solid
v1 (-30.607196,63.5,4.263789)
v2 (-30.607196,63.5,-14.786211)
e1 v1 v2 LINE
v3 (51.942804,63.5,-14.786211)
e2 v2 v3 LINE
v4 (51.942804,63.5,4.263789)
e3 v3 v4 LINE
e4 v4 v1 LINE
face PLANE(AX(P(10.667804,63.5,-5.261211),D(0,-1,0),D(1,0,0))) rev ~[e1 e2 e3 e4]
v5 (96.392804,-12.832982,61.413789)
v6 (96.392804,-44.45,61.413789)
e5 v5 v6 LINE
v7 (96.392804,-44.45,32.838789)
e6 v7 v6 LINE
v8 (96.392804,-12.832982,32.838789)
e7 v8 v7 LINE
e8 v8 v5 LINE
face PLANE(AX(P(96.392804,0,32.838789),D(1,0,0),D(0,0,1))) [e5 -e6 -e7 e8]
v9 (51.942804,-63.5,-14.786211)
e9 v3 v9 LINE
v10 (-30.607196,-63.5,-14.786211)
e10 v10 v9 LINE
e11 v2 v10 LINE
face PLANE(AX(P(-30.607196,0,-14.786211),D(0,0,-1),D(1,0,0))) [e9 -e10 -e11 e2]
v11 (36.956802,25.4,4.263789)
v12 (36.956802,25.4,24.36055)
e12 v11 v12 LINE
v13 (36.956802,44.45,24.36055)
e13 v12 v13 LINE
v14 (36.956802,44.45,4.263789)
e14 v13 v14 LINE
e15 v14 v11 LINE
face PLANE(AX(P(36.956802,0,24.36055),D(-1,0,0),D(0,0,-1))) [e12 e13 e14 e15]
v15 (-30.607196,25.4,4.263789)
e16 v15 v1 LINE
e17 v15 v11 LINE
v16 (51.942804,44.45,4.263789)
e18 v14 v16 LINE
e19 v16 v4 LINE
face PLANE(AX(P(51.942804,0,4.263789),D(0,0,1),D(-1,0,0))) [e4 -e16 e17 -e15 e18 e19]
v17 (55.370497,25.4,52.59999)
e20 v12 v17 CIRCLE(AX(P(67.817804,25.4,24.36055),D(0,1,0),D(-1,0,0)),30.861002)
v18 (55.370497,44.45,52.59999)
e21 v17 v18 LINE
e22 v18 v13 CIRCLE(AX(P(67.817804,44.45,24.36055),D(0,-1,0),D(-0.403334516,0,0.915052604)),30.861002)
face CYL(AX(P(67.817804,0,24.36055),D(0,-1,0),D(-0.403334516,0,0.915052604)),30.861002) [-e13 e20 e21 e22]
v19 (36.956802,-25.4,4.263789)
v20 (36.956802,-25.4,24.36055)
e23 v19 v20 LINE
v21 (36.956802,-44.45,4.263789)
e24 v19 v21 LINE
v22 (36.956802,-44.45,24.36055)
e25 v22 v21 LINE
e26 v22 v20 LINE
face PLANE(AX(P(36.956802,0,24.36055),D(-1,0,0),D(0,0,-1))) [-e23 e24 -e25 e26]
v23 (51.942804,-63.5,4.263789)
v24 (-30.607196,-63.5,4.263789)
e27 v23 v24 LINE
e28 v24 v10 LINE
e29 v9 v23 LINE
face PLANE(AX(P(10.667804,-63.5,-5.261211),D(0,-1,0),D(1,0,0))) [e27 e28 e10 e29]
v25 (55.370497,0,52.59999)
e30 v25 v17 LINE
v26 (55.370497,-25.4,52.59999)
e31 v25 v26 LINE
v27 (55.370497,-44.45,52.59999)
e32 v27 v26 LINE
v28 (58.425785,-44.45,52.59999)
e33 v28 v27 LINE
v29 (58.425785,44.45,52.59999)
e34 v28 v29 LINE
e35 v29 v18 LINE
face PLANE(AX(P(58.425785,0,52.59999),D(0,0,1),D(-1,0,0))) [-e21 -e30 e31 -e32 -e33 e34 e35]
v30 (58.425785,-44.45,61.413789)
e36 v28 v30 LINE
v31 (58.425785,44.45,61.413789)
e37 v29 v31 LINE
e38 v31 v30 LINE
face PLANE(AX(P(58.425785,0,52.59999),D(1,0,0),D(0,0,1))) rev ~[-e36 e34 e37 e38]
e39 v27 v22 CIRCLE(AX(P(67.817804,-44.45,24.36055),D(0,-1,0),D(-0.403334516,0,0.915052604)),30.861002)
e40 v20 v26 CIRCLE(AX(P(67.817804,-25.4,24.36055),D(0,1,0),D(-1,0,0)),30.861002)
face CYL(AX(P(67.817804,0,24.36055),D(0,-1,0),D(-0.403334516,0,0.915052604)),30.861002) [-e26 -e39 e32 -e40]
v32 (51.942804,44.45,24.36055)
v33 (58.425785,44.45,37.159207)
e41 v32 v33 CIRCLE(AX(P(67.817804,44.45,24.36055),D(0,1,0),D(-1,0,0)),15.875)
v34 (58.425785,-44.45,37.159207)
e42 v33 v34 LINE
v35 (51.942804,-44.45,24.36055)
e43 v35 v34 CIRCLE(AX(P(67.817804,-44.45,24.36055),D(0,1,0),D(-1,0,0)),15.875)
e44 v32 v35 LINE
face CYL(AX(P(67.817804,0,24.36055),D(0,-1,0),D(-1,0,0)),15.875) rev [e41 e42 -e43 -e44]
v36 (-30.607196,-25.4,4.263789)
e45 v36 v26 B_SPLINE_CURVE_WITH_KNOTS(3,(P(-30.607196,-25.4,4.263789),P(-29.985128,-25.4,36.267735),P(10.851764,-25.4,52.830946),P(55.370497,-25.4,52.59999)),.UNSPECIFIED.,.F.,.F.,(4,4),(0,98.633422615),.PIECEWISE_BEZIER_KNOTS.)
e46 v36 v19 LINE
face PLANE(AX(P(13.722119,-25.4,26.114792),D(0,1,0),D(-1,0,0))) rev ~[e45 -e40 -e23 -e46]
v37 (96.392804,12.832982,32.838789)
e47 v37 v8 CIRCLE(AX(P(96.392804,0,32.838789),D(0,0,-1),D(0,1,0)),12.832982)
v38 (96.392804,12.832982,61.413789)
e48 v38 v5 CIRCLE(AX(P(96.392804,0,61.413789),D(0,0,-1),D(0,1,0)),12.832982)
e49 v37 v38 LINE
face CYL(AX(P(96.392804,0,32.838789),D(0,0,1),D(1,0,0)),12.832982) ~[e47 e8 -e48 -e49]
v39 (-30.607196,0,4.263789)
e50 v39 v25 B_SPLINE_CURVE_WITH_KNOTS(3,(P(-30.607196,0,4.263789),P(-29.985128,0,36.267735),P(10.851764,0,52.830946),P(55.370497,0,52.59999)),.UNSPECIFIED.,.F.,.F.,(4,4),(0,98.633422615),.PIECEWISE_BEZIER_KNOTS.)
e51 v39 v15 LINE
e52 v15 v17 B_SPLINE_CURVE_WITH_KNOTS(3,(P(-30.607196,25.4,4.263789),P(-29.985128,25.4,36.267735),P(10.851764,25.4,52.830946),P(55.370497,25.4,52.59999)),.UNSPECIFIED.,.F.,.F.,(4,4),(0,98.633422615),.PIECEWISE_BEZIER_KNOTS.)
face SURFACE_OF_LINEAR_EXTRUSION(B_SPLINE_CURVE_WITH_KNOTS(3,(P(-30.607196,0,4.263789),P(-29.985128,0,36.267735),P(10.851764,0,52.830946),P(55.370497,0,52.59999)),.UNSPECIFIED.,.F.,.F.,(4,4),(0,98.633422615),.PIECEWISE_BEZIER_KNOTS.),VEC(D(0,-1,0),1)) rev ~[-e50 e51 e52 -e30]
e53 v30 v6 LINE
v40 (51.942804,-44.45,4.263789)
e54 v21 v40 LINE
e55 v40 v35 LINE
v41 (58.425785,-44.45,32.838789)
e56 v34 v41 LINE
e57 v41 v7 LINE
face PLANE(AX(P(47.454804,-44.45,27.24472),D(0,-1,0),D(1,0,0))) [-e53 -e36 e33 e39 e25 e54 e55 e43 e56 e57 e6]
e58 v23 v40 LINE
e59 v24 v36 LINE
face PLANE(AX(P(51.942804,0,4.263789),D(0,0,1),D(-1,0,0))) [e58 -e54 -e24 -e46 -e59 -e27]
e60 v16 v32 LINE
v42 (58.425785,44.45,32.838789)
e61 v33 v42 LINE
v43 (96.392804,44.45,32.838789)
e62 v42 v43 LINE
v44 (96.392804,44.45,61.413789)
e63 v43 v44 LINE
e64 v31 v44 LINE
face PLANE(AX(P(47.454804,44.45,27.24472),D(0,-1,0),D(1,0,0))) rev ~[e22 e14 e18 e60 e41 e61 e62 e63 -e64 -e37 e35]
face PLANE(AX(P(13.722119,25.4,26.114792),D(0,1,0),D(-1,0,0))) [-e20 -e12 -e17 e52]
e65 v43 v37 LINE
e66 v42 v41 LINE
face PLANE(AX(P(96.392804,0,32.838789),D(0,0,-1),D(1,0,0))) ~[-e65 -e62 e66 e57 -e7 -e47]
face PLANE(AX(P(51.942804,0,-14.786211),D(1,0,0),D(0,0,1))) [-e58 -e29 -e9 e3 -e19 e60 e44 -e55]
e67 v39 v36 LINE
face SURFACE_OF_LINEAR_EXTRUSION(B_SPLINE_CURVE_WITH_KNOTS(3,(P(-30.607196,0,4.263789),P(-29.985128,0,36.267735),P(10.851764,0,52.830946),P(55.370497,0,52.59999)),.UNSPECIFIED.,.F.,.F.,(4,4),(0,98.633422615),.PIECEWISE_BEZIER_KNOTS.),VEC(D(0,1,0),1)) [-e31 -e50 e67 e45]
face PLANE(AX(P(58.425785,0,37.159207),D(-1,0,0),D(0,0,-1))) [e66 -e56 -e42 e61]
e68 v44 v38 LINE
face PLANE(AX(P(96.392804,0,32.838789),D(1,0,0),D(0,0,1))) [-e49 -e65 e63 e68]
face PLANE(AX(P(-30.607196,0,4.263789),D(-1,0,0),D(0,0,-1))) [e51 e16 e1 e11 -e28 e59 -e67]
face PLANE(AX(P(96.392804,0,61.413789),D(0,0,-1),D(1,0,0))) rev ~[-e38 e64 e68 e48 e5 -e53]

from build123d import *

# Parameters (mm, degrees)
F1_DEPTH = 63.5
F2_DEPTH = 25.4
F0_W     = 37.9670182306
F0_H     = 8.8137983387
F3_DEPTH = 44.45


with BuildPart() as f1:
    # F0 (on Front) → F1 (new body, symmetric)
    with BuildSketch(Plane.XZ):
        Polygon((36.9568020105, 4.2637886968), (-30.6071963282, 4.2637886968), (-30.6071963282, -14.7862113032), (51.9428036718, -14.7862113032), (51.9428036718, 4.2637886968), align=None)
    extrude(amount=F1_DEPTH, both=True)

    # F0 (on Front) → F2 (join, symmetric)
    with BuildSketch(Plane.XZ):
        with BuildLine():
            add(Edge.make_bspline(
                [(-30.6071963282, 4.2637886968), (-29.9851279706, 36.267735064), (10.8517641202, 52.8309457004), (55.3704965091, 52.5999903581)],
                knots=[0, 0, 0, 0, 98.6334226145, 98.6334226145, 98.6334226145, 98.6334226145], degree=3))
            Line((-30.6071963282, 4.2637886968), (36.9568020105, 4.2637886968))
            Line((36.9568020105, 4.2637886968), (36.9568020105, 24.3605504215))
            ThreePointArc((36.9568020105, 24.3605504215), (41.9669062931, 41.2167815618), (55.3704965091, 52.5999903581))
        make_face()
    extrude(amount=F2_DEPTH, both=True)

    # F0 (on Front) → F3 (join, symmetric)
    with BuildSketch(Plane.XZ):
        with BuildLine():
            Line((36.9568020105, 24.3605504215), (36.9568020105, 4.2637886968))
            Line((36.9568020105, 4.2637886968), (51.9428036718, 4.2637886968))
            Line((51.9428036718, 4.2637886968), (51.9428036718, 24.3605504215))
            ThreePointArc((51.9428036718, 24.3605504215), (53.6559903273, 31.5340201394), (58.4257854412, 37.1592073258))
            Line((58.4257854412, 37.1592073258), (58.4257854412, 52.5999903581))
            Line((58.4257854412, 52.5999903581), (55.3704965091, 52.5999903581))
            ThreePointArc((55.3704965091, 52.5999903581), (41.9669062931, 41.2167815618), (36.9568020105, 24.3605504215))
        make_face()
        with BuildLine():
            Line((96.3928036718, 52.5999903581), (58.4257854412, 52.5999903581))
            Line((58.4257854412, 52.5999903581), (58.4257854412, 37.1592073258))
            ThreePointArc((58.4257854412, 37.1592073258), (58.7496754638, 37.3906953095), (59.0792683894, 37.6139886968))
            Line((59.0792683894, 37.6139886968), (96.3928036718, 37.6139886968))
            Line((96.3928036718, 37.6139886968), (96.3928036718, 52.5999903581))
        make_face()
        with BuildLine():
            ThreePointArc((59.0792683894, 37.6139886968), (58.7496754638, 37.3906953095), (58.4257854412, 37.1592073258))
            Line((58.4257854412, 37.1592073258), (58.4257854412, 32.8387886968))
            Line((58.4257854412, 32.8387886968), (96.3928036718, 32.8387886968))
            Line((96.3928036718, 32.8387886968), (96.3928036718, 37.6139886968))
            Line((96.3928036718, 37.6139886968), (59.0792683894, 37.6139886968))
        make_face()
        with Locations((77.4092945565, 57.0068895275)):
            Rectangle(F0_W, F0_H)
    extrude(amount=F3_DEPTH, both=True)

    # F0 (on Front) → F4 (revolve)
    with BuildSketch(Plane.XZ):
        Polygon((96.3928036718, 61.4137886968), (96.3928036718, 52.5999903581), (96.3928036718, 37.6139886968), (96.3928036718, 32.8387886968), (109.2257854412, 32.8387886968), (109.2257854412, 61.4137886968), align=None)
    revolve(axis=Axis((96.3928036718, 0, 49.5138886968), (0, 0, -1)))


solid = f1.part
